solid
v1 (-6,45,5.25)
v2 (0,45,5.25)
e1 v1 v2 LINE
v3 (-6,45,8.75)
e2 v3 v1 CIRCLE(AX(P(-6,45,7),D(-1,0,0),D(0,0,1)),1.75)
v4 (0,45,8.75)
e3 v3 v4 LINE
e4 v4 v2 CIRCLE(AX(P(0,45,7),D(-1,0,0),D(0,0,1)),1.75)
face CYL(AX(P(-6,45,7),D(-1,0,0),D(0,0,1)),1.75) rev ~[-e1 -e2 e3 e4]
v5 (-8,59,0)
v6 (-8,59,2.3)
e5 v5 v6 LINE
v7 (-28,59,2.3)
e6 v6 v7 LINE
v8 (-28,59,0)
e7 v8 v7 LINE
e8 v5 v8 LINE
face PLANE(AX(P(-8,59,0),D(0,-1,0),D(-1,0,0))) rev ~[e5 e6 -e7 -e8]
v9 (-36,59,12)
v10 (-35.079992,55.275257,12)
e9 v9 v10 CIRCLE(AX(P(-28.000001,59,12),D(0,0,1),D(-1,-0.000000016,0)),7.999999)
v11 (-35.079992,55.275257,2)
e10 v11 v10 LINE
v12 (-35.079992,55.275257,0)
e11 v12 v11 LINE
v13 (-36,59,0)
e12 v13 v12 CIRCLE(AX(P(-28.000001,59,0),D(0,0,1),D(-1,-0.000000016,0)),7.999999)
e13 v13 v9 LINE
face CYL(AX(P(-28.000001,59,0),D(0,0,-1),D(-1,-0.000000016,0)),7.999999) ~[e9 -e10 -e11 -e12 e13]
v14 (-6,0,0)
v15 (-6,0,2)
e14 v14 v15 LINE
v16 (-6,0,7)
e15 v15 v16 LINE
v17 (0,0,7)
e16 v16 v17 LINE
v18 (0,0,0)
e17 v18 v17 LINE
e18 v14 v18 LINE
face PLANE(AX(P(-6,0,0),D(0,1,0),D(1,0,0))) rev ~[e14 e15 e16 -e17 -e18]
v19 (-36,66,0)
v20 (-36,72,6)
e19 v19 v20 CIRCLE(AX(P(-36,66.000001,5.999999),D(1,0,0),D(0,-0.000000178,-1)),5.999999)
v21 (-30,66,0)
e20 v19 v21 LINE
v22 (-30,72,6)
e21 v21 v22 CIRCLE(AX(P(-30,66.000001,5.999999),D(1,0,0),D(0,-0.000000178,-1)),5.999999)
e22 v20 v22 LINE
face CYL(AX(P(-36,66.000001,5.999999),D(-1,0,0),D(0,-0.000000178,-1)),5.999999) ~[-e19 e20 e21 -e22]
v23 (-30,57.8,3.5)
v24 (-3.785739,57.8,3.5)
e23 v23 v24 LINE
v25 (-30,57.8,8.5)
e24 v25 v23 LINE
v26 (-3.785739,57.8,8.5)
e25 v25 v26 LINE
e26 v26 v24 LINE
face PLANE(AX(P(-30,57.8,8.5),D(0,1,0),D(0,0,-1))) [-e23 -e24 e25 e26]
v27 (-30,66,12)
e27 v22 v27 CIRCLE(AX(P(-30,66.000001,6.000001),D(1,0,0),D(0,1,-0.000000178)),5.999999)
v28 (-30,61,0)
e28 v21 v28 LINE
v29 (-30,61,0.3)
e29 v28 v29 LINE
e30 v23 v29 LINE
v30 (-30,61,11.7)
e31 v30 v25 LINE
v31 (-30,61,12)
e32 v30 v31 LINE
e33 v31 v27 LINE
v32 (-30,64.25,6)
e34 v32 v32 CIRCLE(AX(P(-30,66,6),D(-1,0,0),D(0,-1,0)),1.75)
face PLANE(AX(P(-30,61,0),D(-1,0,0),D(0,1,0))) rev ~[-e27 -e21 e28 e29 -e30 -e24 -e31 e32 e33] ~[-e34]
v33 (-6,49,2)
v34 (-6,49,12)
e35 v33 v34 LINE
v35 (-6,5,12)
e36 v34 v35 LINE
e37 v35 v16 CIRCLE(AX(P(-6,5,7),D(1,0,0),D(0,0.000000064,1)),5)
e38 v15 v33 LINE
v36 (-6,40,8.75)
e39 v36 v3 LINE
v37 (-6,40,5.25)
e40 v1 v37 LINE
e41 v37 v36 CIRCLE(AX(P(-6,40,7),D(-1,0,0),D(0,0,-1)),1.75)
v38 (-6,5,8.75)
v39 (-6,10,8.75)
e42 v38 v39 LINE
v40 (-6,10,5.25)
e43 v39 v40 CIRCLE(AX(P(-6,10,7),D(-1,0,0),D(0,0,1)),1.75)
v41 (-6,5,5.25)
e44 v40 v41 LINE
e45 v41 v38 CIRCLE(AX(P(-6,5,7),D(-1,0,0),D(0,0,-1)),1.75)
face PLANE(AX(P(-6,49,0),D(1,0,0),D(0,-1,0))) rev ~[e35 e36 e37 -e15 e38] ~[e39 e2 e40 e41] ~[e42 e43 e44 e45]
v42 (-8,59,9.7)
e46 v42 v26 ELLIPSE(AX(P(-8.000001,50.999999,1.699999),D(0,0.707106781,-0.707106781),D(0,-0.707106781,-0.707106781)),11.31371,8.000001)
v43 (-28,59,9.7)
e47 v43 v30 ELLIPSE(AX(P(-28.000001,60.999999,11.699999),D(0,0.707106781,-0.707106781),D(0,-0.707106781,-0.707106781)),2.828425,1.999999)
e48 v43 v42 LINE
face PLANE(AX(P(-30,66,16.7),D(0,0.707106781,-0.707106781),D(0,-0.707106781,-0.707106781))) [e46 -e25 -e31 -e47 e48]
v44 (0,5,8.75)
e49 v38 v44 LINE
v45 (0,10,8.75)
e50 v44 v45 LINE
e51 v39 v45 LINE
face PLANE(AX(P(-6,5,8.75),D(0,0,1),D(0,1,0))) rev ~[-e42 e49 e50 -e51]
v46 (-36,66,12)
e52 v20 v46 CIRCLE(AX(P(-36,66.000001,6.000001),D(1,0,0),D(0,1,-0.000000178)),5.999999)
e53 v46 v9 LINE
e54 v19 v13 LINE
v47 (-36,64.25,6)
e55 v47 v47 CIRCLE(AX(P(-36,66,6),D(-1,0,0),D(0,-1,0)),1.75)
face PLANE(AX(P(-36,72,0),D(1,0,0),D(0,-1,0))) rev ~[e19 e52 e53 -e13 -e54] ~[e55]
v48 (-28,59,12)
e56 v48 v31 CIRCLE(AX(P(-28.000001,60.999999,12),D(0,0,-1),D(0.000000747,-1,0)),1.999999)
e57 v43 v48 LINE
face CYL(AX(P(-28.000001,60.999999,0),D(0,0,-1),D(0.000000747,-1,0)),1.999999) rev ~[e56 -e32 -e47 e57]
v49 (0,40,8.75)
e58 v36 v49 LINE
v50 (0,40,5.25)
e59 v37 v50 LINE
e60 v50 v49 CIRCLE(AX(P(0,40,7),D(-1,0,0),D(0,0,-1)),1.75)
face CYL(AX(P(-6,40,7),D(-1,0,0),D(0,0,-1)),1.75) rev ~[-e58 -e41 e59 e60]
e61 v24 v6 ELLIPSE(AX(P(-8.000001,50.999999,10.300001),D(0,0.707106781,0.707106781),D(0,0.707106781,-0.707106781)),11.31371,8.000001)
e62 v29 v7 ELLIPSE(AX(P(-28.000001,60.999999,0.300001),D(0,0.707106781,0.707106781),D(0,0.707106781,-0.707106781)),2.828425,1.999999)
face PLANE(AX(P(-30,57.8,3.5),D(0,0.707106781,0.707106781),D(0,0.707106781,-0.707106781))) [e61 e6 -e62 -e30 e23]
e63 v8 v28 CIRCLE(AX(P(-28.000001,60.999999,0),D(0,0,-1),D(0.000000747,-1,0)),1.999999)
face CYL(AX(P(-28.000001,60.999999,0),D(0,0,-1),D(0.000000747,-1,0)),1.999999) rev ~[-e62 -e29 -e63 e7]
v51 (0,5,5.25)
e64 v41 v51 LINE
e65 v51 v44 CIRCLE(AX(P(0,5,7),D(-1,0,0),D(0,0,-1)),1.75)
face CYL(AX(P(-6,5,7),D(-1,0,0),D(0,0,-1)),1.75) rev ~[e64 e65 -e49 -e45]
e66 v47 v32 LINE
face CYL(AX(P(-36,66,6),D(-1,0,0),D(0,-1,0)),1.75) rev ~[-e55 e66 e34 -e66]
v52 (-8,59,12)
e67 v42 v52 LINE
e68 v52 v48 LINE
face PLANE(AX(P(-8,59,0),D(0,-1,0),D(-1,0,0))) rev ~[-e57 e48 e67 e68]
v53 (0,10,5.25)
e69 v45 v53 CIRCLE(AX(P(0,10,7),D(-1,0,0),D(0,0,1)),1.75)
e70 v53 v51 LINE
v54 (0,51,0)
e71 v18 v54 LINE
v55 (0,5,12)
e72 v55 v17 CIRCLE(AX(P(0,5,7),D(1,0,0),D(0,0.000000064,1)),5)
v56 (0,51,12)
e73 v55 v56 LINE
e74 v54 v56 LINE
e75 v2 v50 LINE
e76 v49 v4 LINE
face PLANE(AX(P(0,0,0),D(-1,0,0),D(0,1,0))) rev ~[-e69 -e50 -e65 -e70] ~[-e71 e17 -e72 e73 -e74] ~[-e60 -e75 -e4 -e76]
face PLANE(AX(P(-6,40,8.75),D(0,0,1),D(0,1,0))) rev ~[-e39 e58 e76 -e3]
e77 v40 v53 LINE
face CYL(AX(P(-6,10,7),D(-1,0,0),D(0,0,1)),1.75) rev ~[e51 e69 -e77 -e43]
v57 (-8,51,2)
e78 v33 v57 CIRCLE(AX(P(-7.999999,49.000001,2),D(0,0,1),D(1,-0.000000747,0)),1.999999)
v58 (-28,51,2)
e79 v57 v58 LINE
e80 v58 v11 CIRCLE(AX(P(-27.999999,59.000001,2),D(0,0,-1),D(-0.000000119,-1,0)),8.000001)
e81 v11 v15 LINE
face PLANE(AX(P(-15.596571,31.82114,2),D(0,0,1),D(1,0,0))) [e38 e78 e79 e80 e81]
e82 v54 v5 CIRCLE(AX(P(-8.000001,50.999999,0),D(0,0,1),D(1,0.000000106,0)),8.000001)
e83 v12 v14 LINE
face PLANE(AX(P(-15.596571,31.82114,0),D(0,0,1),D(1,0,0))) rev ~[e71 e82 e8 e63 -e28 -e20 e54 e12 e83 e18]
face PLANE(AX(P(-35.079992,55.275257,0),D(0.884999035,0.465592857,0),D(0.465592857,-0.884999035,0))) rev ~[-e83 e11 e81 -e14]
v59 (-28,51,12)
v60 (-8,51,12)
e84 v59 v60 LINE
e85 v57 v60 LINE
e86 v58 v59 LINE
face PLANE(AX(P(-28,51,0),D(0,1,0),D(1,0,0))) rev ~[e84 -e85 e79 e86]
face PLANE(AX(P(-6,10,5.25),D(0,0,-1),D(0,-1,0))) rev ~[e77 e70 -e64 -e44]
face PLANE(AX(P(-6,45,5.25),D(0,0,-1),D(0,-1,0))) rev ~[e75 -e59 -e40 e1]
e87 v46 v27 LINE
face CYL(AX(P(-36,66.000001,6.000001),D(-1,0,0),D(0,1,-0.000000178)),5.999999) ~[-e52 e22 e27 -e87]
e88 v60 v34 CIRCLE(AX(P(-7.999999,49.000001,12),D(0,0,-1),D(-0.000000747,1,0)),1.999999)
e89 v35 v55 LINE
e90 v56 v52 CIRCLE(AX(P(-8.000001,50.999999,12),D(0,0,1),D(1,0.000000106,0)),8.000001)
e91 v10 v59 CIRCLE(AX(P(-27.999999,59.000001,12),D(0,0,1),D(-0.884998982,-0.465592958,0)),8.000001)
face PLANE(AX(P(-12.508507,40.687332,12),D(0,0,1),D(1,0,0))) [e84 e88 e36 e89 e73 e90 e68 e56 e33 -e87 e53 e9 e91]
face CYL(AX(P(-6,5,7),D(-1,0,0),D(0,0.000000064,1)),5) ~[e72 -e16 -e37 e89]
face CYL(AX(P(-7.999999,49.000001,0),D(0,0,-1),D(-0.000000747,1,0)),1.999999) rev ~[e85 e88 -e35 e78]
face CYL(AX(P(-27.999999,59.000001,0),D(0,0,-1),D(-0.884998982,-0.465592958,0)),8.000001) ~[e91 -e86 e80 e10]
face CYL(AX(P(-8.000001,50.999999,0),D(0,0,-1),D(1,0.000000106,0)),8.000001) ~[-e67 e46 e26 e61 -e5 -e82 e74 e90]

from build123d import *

# Parameters (mm, degrees)
F1_DEPTH = 12
F2_DEPTH = 2
F5_DEPTH = 6
F6_R     = 1.75
F7_DEPTH = 6
F9_DEPTH = 30.001


with BuildPart() as f1:
    # F0 (on Top) → F1 (new body)
    with BuildSketch(Plane.XY):
        with BuildLine():
            Line((-6, 0), (0, 0))
            Line((0, 0), (0, 51))
            ThreePointArc((0, 51), (-2.343146, 56.656854), (-8, 59))
            Line((-8, 59), (-28, 59))
            ThreePointArc((-28, 59), (-29.414214, 59.585786), (-30, 61))
            Line((-30, 61), (-30, 72))
            Line((-30, 72), (-36, 72))
            Line((-36, 72), (-36, 59))
            ThreePointArc((-36, 59), (-35.766593, 57.081659), (-35.079992, 55.275257))
            ThreePointArc((-35.079992, 55.275257), (-32.135339, 52.151718), (-28, 51))
            Line((-28, 51), (-8, 51))
            ThreePointArc((-8, 51), (-6.585786, 50.414214), (-6, 49))
            Line((-6, 49), (-6, 0))
        make_face()
    extrude(amount=F1_DEPTH)

    # F0 (on Top) → F2 (join)
    with BuildSketch(Plane.XY):
        with BuildLine():
            Line((-35.079992, 55.275257), (-6, 0))
            Line((-6, 0), (-6, 49))
            ThreePointArc((-6, 49), (-6.585786, 50.414214), (-8, 51))
            Line((-8, 51), (-28, 51))
            ThreePointArc((-28, 51), (-32.135339, 52.151718), (-35.079992, 55.275257))
        make_face()
    extrude(amount=F2_DEPTH)

    # F4 (on face) → F5 (cut, through all)
    with BuildSketch(Plane(origin=(-6, 0, 0), x_dir=(0, -1, 0), z_dir=(-1, 0, 0))):
        with BuildLine():
            ThreePointArc((-5, 12), (-1.464466, 10.535534), (0, 7))
            Line((0, 7), (0, 12))
            Line((0, 12), (-5, 12))
        make_face()
        with BuildLine():
            ThreePointArc((-5, 5.25), (-3.25, 7), (-5, 8.75))
            Line((-5, 8.75), (-10, 8.75))
            ThreePointArc((-10, 8.75), (-11.75, 7), (-10, 5.25))
            Line((-10, 5.25), (-5, 5.25))
        make_face()
        with BuildLine():
            ThreePointArc((-40, 5.25), (-38.25, 7), (-40, 8.75))
            Line((-40, 8.75), (-45, 8.75))
            ThreePointArc((-45, 8.75), (-46.75, 7), (-45, 5.25))
            Line((-45, 5.25), (-40, 5.25))
        make_face()
    extrude(amount=-F5_DEPTH, mode=Mode.SUBTRACT)

    # F6 (on face) → F7 (cut, through all)
    with BuildSketch(Plane(origin=(-36, 0, 0), x_dir=(0, -1, 0), z_dir=(-1, 0, 0))):
        with Locations((-66, 6)):
            Circle(F6_R)
        with BuildLine():
            ThreePointArc((-72, 6), (-70.242641, 10.242641), (-66, 12))
            Line((-66, 12), (-72, 12))
            Line((-72, 12), (-72, 6))
        make_face()
        with BuildLine():
            ThreePointArc((-66, 0), (-70.242641, 1.757359), (-72, 6))
            Line((-72, 6), (-72, 0))
            Line((-72, 0), (-66, 0))
        make_face()
    extrude(amount=-F7_DEPTH, mode=Mode.SUBTRACT)

    # F8 (on face) → F9 (cut, through all)
    with BuildSketch(Plane.YZ.offset(-30)):
        Polygon((66, 16.7), (57.8, 8.5), (57.8, 3.5), (66, -4.7), align=None)
    extrude(amount=F9_DEPTH, mode=Mode.SUBTRACT)


solid = f1.part
